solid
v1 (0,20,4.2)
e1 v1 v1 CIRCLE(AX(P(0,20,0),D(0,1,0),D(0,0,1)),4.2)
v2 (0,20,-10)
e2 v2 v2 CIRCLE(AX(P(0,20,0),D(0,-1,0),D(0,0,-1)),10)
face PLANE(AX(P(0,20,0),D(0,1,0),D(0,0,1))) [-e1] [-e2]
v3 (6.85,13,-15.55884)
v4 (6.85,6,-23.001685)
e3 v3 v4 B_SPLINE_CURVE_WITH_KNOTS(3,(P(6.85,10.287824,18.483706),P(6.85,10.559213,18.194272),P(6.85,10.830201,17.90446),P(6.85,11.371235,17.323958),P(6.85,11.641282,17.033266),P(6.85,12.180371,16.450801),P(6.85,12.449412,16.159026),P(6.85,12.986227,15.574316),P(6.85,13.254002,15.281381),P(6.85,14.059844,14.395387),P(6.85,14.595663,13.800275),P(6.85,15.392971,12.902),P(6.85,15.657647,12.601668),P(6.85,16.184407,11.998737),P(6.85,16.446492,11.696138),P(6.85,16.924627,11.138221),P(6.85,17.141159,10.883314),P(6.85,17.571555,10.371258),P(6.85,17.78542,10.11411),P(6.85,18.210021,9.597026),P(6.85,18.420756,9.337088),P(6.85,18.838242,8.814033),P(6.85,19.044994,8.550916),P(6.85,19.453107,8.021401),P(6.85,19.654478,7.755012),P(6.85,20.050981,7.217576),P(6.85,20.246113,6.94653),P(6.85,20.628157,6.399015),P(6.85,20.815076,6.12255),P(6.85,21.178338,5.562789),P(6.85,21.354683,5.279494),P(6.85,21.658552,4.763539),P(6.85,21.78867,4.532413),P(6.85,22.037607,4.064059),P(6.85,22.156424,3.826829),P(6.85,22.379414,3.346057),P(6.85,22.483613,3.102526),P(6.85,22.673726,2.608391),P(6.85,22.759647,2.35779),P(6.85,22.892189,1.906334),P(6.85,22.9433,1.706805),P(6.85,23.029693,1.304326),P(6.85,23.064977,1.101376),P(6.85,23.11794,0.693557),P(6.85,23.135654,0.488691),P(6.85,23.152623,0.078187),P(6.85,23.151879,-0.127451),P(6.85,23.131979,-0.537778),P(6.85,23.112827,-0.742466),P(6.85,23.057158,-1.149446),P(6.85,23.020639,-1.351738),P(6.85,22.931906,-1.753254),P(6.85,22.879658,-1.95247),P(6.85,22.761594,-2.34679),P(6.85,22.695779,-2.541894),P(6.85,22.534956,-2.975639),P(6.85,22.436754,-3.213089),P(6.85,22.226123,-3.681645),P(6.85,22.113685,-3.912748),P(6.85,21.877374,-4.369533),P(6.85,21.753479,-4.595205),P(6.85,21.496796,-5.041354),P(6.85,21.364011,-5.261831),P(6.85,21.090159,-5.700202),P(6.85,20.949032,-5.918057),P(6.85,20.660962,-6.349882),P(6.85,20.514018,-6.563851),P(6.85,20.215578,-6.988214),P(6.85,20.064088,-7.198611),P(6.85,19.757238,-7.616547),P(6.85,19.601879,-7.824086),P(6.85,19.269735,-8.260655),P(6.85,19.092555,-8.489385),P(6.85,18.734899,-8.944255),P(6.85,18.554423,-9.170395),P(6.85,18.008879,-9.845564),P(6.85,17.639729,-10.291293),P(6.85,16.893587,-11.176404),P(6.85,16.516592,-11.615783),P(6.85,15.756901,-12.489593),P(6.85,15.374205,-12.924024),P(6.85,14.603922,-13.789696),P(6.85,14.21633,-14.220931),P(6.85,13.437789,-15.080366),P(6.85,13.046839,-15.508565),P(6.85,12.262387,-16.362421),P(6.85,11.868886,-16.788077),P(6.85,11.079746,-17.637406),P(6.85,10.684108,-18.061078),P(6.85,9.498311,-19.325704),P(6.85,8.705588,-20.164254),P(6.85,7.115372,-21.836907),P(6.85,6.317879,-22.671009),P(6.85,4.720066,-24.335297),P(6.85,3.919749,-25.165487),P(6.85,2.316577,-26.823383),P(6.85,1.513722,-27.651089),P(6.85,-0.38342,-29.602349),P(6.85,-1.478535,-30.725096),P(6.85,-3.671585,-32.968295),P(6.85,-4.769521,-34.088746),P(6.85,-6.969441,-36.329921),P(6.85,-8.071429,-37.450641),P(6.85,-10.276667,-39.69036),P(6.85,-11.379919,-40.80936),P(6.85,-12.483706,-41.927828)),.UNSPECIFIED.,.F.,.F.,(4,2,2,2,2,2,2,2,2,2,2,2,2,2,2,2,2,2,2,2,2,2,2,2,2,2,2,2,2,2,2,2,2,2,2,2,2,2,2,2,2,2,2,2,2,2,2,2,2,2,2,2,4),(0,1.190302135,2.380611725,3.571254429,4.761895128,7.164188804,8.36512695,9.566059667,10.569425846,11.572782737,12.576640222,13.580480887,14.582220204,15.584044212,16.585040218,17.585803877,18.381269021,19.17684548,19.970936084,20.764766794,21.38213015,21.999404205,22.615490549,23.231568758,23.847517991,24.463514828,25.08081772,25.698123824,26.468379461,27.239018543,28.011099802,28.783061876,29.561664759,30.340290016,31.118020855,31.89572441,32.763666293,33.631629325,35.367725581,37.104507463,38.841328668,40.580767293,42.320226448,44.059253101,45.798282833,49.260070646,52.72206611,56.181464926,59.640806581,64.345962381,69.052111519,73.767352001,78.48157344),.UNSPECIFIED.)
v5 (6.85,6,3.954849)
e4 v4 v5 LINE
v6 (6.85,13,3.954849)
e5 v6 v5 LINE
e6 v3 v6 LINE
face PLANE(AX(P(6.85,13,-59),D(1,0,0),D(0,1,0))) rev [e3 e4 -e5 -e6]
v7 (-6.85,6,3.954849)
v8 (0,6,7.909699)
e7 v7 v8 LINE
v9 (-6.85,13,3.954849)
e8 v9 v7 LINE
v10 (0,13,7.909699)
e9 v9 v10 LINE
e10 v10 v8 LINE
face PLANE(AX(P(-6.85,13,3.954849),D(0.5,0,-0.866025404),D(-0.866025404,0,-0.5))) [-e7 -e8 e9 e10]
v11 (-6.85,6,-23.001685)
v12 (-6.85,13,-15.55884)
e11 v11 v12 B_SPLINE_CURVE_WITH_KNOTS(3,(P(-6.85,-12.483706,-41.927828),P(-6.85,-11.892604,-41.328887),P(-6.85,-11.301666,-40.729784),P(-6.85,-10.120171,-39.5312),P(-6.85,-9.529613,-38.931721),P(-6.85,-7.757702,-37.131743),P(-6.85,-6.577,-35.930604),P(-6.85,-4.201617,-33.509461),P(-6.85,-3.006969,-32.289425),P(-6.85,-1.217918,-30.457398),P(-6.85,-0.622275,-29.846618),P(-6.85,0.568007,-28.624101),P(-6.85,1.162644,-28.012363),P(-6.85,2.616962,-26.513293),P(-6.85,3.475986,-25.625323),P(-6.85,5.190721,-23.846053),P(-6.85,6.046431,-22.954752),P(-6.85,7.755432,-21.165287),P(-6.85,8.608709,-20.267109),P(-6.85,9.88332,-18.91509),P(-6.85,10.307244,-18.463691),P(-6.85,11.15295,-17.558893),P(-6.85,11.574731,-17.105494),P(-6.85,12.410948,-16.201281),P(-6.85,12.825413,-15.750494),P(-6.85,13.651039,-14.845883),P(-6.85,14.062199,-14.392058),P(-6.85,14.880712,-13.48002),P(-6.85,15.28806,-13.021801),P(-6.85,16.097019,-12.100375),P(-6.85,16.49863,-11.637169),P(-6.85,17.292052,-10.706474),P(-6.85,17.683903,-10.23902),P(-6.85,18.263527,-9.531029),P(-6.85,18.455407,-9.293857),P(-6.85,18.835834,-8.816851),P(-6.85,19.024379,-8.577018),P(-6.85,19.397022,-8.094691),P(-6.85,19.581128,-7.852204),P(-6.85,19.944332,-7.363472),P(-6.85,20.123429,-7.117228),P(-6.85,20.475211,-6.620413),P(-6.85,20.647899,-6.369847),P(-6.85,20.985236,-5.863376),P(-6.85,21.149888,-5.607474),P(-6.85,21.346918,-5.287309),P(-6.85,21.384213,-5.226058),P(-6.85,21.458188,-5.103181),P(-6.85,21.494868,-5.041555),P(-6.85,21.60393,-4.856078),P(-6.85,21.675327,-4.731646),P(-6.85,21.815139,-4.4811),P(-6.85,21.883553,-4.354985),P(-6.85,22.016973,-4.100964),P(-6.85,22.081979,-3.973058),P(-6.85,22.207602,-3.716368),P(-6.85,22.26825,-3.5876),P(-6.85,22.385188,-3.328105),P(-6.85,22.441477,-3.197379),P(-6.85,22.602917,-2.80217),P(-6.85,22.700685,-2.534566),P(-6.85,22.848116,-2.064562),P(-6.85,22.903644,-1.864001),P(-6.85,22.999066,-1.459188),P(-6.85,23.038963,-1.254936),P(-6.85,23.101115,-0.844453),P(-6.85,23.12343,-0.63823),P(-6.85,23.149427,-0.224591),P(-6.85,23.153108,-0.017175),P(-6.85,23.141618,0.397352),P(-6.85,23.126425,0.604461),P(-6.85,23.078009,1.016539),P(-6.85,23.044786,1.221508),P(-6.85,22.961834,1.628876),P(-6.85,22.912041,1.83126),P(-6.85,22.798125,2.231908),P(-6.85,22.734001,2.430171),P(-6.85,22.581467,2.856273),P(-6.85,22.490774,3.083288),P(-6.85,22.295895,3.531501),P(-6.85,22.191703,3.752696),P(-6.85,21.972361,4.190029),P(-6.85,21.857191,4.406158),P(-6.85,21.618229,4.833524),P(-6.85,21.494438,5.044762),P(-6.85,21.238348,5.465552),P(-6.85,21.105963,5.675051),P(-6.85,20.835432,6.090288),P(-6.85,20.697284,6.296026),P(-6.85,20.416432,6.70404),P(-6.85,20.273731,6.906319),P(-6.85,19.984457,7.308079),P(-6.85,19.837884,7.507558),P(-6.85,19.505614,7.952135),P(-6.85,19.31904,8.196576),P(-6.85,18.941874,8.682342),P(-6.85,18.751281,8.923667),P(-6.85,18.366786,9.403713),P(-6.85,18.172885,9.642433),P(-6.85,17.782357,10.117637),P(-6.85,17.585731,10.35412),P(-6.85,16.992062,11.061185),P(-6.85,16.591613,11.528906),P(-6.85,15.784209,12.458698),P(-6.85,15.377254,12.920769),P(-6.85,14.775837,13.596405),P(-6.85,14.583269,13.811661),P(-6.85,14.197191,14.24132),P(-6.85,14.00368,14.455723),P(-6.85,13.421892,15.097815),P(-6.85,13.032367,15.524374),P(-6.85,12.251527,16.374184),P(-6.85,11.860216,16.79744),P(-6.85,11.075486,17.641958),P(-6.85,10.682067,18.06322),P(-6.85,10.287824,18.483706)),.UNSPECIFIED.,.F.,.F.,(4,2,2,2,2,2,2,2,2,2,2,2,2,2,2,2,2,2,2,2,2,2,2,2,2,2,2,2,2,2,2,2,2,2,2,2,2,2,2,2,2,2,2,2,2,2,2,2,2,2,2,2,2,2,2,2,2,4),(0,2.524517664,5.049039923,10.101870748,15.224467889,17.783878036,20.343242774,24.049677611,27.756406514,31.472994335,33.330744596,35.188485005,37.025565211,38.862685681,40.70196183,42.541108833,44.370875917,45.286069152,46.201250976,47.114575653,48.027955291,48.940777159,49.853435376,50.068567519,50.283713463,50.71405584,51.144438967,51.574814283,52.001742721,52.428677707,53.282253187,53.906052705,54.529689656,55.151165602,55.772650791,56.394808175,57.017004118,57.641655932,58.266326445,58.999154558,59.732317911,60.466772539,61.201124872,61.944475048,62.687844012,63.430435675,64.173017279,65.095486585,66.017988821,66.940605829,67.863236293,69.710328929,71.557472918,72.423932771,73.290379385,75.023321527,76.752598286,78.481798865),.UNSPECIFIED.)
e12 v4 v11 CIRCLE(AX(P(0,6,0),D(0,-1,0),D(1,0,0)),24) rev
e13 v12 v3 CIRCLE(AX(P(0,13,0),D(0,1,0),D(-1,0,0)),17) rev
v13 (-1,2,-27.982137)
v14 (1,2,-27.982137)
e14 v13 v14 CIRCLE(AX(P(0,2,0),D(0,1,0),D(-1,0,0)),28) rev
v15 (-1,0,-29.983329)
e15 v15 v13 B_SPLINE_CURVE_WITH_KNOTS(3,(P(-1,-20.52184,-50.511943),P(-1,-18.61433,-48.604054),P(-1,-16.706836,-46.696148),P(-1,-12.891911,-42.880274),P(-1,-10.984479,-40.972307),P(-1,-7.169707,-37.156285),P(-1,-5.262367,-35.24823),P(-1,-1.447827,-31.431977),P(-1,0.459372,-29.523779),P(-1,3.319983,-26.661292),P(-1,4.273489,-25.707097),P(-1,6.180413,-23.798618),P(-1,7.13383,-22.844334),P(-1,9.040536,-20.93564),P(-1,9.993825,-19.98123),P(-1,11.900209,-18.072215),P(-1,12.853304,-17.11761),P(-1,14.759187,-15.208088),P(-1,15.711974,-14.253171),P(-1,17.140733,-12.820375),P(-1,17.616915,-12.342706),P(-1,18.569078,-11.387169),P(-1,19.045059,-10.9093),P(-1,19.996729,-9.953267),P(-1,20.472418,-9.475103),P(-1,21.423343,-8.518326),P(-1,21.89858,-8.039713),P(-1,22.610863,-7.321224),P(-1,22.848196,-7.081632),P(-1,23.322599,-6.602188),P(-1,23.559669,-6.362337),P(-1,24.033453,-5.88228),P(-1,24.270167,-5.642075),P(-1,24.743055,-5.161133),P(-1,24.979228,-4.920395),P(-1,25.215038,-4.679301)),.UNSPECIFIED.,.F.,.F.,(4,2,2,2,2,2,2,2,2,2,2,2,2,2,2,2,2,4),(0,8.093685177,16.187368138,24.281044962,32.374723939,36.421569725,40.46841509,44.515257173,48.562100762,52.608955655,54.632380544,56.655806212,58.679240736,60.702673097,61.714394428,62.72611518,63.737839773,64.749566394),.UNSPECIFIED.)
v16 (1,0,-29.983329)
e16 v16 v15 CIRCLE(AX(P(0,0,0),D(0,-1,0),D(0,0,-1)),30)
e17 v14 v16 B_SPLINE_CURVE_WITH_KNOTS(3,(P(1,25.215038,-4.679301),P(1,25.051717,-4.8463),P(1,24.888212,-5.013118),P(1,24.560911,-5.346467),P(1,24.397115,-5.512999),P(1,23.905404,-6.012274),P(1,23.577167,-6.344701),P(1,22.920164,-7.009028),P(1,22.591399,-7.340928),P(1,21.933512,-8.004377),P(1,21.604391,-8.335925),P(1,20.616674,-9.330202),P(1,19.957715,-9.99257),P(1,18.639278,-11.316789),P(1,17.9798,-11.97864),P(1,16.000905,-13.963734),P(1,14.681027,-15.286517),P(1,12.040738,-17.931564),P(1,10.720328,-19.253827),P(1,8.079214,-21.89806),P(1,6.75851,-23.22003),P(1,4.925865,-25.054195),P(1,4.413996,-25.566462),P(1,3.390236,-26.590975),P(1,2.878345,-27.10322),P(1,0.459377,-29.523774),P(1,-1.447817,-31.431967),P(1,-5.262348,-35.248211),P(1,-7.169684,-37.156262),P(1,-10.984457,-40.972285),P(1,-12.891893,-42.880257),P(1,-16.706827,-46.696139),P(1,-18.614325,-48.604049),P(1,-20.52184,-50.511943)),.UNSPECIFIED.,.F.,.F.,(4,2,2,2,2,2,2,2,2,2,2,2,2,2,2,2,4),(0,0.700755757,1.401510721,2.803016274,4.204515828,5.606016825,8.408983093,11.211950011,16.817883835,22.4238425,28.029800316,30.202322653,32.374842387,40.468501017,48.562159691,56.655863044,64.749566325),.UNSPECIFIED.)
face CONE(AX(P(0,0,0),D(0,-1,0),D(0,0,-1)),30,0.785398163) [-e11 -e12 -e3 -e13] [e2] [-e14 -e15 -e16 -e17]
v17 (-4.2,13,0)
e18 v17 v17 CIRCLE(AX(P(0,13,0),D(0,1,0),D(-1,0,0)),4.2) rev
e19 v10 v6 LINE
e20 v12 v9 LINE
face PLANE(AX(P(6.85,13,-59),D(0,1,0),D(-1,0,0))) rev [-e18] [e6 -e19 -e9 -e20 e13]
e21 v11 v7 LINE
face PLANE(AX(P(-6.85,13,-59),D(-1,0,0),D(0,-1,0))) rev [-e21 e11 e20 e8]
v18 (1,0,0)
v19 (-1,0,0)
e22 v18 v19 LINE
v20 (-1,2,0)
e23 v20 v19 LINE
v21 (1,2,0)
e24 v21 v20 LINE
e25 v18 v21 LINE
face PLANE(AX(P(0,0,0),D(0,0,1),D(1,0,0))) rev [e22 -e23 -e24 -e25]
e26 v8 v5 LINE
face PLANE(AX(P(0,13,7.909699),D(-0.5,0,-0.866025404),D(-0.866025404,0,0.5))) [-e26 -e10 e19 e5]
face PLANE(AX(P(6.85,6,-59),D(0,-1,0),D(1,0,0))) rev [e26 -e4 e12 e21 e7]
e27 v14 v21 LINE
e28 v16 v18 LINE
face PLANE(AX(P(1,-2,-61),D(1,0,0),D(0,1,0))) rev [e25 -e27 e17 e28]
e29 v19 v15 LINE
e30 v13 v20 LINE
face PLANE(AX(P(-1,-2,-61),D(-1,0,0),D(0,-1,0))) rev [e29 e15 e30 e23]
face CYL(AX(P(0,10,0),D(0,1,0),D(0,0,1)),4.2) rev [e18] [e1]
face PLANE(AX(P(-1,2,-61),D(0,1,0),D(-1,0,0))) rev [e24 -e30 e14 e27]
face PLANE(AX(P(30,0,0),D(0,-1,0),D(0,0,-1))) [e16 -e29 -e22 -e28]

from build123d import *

# Parameters (mm, degrees)
SKETCH3_R           = 4.2
CUT_EXTRUDE1_DEPTH  = 10
SKETCH6_W           = 13.7
SKETCH6_H           = 7
CUT_EXTRUDE8_DEPTH  = 59
CUT_EXTRUDE9_DEPTH  = 7
SKETCH8_W           = 2
SKETCH8_H           = 4
CUT_EXTRUDE10_DEPTH = 61


with BuildPart() as part:
    # Sketch2 → Revolve1 (revolve)
    with BuildSketch(Plane.XY, mode=Mode.PRIVATE) as revolve1_sk:
        Polygon((0, 20), (10, 20), (30, 0), (0, 0), align=None)
    revolve(revolve1_sk.sketch.rotate(Axis((0, 0, 0), (0, 1, 0)), 90), axis=Axis((0, 0, 0), (0, 1, 0)))

    # Sketch3 → Cut-Extrude1 (cut)
    with BuildSketch(Plane(origin=(0, 20, 0), x_dir=(1, 0, 0), z_dir=(0, 1, 0))):
        with Locations(Location((0, 0, 0), (0, 0, 270))):
            Circle(SKETCH3_R)
    extrude(amount=-CUT_EXTRUDE1_DEPTH, mode=Mode.SUBTRACT)

    # Sketch6 → Cut-Extrude8 (cut)
    with BuildSketch(Plane.XY):
        with Locations((0, 9.5)):
            Rectangle(SKETCH6_W, SKETCH6_H)
    extrude(amount=-CUT_EXTRUDE8_DEPTH, mode=Mode.SUBTRACT)

    # Sketch7 → Cut-Extrude9 (cut)
    with BuildSketch(Plane(origin=(0, 6, 0), x_dir=(1, 0, 0), z_dir=(0, 1, 0))):
        Polygon((6.85, -3.954849344), (6.85, 3.954849344), (0, 7.909698688), (-6.85, 3.954849344), (-6.85, -3.954849344), (0, -7.909698688), align=None)
    extrude(amount=CUT_EXTRUDE9_DEPTH, mode=Mode.SUBTRACT)

    # Sketch8 → Cut-Extrude10 (cut)
    with BuildSketch(Plane.XY):
        Rectangle(SKETCH8_W, SKETCH8_H)
    extrude(amount=-CUT_EXTRUDE10_DEPTH, mode=Mode.SUBTRACT)


solid = part.part
